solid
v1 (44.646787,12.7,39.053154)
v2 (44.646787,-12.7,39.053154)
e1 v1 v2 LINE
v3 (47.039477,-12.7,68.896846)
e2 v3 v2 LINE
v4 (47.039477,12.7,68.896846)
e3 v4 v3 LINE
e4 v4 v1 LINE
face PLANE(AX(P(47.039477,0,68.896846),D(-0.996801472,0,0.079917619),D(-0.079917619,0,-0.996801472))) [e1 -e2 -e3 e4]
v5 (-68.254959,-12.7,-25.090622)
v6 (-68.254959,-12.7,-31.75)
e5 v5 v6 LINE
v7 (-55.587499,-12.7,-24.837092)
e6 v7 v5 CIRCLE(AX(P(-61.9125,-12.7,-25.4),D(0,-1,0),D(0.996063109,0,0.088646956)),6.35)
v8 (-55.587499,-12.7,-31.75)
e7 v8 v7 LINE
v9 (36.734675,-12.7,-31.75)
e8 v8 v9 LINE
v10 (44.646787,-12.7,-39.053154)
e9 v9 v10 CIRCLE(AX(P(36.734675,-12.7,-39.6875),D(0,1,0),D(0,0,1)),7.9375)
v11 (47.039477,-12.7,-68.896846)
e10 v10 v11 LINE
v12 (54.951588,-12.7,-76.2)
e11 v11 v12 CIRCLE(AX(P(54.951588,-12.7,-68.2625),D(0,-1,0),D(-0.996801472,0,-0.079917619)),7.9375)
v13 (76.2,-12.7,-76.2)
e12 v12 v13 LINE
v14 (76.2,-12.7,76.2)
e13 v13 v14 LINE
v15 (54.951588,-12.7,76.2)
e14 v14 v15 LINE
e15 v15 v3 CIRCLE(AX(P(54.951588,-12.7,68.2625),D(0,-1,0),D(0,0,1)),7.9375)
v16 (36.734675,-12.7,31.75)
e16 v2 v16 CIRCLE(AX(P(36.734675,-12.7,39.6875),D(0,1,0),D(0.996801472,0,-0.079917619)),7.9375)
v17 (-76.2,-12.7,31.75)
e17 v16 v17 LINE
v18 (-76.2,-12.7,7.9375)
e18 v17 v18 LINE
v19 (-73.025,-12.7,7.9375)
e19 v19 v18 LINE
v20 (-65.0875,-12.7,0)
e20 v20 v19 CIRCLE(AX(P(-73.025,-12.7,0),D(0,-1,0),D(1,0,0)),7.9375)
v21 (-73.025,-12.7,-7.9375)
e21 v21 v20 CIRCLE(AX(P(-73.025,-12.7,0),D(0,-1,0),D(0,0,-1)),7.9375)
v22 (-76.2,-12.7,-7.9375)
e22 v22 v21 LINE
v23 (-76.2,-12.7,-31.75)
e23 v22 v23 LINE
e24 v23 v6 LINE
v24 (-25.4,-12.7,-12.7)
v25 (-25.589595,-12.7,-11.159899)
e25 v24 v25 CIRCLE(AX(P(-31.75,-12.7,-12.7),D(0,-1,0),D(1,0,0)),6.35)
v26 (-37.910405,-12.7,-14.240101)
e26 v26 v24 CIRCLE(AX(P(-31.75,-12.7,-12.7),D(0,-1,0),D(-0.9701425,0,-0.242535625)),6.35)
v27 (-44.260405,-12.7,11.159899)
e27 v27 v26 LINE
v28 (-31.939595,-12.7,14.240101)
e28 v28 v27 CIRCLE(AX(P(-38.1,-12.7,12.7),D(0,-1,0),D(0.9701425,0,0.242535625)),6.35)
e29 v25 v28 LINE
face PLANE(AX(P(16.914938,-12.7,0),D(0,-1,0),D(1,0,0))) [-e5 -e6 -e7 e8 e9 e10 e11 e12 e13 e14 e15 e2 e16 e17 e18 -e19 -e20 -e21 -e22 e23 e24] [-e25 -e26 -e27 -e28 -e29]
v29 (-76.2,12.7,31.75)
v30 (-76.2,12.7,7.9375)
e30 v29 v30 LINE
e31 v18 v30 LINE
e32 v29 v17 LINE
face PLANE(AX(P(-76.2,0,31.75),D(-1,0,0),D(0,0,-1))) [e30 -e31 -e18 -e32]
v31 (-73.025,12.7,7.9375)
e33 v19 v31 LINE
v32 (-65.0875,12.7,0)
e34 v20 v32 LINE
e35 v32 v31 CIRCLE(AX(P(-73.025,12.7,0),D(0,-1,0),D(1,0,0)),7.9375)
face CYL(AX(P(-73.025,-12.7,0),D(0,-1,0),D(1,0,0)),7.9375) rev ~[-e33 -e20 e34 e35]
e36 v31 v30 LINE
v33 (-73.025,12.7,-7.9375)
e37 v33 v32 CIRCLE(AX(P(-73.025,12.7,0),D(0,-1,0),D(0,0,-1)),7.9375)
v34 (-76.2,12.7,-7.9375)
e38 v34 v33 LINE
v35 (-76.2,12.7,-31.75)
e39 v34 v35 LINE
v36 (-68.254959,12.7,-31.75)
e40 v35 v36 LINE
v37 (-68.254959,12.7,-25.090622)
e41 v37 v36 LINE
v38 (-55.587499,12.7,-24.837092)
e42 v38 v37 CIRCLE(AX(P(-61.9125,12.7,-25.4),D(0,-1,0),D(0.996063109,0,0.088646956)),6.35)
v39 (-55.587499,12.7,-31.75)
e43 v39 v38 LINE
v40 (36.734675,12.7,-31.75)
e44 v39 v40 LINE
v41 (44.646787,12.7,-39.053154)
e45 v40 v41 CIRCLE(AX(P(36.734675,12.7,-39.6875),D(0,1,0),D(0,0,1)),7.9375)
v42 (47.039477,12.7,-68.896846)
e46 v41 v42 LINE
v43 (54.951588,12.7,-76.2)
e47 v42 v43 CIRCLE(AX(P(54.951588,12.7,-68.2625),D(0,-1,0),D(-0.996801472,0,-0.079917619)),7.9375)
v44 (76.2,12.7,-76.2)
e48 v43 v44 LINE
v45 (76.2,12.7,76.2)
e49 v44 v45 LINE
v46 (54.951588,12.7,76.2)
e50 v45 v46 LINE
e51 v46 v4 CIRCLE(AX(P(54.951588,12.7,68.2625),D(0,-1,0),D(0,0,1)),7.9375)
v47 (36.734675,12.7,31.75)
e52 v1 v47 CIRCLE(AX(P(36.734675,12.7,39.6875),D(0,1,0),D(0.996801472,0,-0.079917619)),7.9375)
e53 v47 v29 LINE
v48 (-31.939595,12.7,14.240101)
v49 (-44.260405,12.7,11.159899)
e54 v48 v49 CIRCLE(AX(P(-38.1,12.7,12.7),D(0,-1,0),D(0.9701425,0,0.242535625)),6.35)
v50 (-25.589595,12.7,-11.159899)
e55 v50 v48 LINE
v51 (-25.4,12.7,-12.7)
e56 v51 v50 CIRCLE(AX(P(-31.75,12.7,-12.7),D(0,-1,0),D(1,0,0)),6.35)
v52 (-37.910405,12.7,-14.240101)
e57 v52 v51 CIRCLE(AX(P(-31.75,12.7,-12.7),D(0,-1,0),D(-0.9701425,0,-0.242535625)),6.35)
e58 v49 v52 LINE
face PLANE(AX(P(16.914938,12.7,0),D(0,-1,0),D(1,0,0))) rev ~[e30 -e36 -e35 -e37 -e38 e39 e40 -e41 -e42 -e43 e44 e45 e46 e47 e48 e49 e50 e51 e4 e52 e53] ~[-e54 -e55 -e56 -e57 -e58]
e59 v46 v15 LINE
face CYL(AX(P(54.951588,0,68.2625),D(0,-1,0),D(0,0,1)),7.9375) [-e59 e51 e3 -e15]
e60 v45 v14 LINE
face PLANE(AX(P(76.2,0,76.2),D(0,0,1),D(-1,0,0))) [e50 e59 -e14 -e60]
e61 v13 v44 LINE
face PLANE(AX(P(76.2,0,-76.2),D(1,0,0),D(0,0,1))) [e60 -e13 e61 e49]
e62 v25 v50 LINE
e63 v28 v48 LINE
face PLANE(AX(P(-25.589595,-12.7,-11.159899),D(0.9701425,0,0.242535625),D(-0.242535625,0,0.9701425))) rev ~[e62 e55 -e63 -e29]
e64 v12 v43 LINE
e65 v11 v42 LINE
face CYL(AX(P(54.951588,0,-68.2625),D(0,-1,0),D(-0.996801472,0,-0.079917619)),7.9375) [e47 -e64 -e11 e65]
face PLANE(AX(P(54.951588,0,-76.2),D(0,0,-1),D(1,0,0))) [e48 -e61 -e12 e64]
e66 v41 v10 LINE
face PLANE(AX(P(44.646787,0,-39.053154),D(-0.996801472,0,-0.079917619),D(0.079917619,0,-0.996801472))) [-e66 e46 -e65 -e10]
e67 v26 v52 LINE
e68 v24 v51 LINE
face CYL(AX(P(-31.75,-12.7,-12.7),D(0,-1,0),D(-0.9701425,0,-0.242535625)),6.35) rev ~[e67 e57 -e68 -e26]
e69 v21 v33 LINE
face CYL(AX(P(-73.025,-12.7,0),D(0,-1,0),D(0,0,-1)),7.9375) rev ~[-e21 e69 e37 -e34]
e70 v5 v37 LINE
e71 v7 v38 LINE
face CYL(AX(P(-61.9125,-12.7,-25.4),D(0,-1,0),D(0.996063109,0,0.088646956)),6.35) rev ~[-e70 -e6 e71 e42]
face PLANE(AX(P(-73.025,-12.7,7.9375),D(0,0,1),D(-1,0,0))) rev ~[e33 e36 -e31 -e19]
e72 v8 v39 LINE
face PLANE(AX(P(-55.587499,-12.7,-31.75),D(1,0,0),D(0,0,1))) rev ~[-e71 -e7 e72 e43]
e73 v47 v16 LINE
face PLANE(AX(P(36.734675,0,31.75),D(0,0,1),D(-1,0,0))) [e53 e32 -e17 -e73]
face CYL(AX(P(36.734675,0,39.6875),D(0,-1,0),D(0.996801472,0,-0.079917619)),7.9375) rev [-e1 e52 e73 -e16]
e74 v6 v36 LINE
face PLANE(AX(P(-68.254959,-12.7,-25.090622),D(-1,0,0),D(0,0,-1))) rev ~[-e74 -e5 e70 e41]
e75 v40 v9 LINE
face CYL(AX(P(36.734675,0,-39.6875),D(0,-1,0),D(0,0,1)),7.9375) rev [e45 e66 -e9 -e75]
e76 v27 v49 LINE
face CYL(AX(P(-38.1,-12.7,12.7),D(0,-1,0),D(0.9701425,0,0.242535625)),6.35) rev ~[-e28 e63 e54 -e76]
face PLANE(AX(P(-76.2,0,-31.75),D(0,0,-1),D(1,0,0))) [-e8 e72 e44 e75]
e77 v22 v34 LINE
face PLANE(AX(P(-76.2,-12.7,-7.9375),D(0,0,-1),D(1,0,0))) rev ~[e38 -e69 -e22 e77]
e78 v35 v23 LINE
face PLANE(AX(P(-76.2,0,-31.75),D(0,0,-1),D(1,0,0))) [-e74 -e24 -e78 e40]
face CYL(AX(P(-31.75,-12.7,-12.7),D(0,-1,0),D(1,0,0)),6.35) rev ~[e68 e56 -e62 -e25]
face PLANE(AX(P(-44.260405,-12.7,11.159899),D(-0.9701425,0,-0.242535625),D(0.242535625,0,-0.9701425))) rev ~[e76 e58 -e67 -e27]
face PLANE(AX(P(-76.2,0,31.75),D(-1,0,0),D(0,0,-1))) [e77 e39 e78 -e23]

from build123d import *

# Parameters (mm, degrees)
F1_DEPTH = 12.7
F3_DEPTH = 25.401
F5_DEPTH = 25.4


with BuildPart() as f1:
    # F0 (on Front) → F1 (new body, symmetric)
    with BuildSketch(Plane.XZ):
        with BuildLine():
            Line((76.2, -76.2), (76.2, 0))
            Line((76.2, 0), (76.2, 76.2))
            Line((76.2, 76.2), (54.9515881949, 76.2))
            ThreePointArc((54.9515881949, 76.2), (49.567872747, 74.095124986), (47.0394765128, 68.8968461044))
            Line((47.0394765128, 68.8968461044), (44.6467865895, 39.0531538956))
            ThreePointArc((44.6467865895, 39.0531538956), (42.1183903553, 33.854875014), (36.7346749074, 31.75))
            Line((36.7346749074, 31.75), (-76.2, 31.75))
            Line((-76.2, 31.75), (-76.2, 0))
            Line((-76.2, 0), (-76.2, -31.75))
            Line((-76.2, -31.75), (36.7346749074, -31.75))
            ThreePointArc((36.7346749074, -31.75), (42.1183903553, -33.854875014), (44.6467865895, -39.0531538956))
            Line((44.6467865895, -39.0531538956), (47.0394765128, -68.8968461044))
            ThreePointArc((47.0394765128, -68.8968461044), (49.567872747, -74.095124986), (54.9515881949, -76.2))
            Line((54.9515881949, -76.2), (76.2, -76.2))
        make_face()
    extrude(amount=F1_DEPTH, both=True)

    # F2 (on face) → F3 (cut, through all)
    with BuildSketch(Plane.XZ.offset(12.7)):
        with BuildLine():
            ThreePointArc((-65.0875, 0), (-67.4123399243, 5.6126600757), (-73.025, 7.9375))
            Line((-73.025, 7.9375), (-76.2, 7.9375))
            Line((-76.2, 7.9375), (-76.2, -7.9375))
            Line((-76.2, -7.9375), (-73.025, -7.9375))
            ThreePointArc((-73.025, -7.9375), (-67.4123399243, -5.6126600757), (-65.0875, 0))
        make_face()
    extrude(amount=-F3_DEPTH, mode=Mode.SUBTRACT)

    # F4 (on face) → F5 (cut)
    with BuildSketch(Plane.XZ.offset(12.7)):
        with BuildLine():
            ThreePointArc((-25.4, -12.7), (-25.4475770151, -11.9241362755), (-25.5895951241, -11.159898781))
            ThreePointArc((-25.5895951241, -11.159898781), (-33.290101219, -6.5395951241), (-37.9104048759, -14.240101219))
            ThreePointArc((-37.9104048759, -14.240101219), (-30.9741362755, -19.0024229849), (-25.4, -12.7))
        make_face()
        with BuildLine():
            ThreePointArc((-31.9395951241, 14.240101219), (-31.7975770151, 13.4758637245), (-31.75, 12.7))
            ThreePointArc((-31.75, 12.7), (-37.3241362755, 6.3975770151), (-44.2604048759, 11.159898781))
            Line((-44.2604048759, 11.159898781), (-37.9104048759, -14.240101219))
            ThreePointArc((-37.9104048759, -14.240101219), (-33.290101219, -6.5395951241), (-25.5895951241, -11.159898781))
            Line((-25.5895951241, -11.159898781), (-31.9395951241, 14.240101219))
        make_face()
        with BuildLine():
            ThreePointArc((-44.2604048759, 11.159898781), (-37.3241362755, 6.3975770151), (-31.75, 12.7))
            ThreePointArc((-31.75, 12.7), (-31.7975770151, 13.4758637245), (-31.9395951241, 14.240101219))
            ThreePointArc((-31.9395951241, 14.240101219), (-39.640101219, 18.8604048759), (-44.2604048759, 11.159898781))
        make_face()
        with BuildLine():
            Line((-55.5874992575, -31.75), (-55.5874992575, -24.8370918305))
            ThreePointArc((-55.5874992575, -24.8370918305), (-62.0395651932, -19.0512714315), (-68.2549589201, -25.0906218393))
            Line((-68.2549589201, -25.0906218393), (-68.2549589201, -31.75))
            Line((-68.2549589201, -31.75), (-55.5874992575, -31.75))
        make_face()
    extrude(amount=-F5_DEPTH, mode=Mode.SUBTRACT)


solid = f1.part
